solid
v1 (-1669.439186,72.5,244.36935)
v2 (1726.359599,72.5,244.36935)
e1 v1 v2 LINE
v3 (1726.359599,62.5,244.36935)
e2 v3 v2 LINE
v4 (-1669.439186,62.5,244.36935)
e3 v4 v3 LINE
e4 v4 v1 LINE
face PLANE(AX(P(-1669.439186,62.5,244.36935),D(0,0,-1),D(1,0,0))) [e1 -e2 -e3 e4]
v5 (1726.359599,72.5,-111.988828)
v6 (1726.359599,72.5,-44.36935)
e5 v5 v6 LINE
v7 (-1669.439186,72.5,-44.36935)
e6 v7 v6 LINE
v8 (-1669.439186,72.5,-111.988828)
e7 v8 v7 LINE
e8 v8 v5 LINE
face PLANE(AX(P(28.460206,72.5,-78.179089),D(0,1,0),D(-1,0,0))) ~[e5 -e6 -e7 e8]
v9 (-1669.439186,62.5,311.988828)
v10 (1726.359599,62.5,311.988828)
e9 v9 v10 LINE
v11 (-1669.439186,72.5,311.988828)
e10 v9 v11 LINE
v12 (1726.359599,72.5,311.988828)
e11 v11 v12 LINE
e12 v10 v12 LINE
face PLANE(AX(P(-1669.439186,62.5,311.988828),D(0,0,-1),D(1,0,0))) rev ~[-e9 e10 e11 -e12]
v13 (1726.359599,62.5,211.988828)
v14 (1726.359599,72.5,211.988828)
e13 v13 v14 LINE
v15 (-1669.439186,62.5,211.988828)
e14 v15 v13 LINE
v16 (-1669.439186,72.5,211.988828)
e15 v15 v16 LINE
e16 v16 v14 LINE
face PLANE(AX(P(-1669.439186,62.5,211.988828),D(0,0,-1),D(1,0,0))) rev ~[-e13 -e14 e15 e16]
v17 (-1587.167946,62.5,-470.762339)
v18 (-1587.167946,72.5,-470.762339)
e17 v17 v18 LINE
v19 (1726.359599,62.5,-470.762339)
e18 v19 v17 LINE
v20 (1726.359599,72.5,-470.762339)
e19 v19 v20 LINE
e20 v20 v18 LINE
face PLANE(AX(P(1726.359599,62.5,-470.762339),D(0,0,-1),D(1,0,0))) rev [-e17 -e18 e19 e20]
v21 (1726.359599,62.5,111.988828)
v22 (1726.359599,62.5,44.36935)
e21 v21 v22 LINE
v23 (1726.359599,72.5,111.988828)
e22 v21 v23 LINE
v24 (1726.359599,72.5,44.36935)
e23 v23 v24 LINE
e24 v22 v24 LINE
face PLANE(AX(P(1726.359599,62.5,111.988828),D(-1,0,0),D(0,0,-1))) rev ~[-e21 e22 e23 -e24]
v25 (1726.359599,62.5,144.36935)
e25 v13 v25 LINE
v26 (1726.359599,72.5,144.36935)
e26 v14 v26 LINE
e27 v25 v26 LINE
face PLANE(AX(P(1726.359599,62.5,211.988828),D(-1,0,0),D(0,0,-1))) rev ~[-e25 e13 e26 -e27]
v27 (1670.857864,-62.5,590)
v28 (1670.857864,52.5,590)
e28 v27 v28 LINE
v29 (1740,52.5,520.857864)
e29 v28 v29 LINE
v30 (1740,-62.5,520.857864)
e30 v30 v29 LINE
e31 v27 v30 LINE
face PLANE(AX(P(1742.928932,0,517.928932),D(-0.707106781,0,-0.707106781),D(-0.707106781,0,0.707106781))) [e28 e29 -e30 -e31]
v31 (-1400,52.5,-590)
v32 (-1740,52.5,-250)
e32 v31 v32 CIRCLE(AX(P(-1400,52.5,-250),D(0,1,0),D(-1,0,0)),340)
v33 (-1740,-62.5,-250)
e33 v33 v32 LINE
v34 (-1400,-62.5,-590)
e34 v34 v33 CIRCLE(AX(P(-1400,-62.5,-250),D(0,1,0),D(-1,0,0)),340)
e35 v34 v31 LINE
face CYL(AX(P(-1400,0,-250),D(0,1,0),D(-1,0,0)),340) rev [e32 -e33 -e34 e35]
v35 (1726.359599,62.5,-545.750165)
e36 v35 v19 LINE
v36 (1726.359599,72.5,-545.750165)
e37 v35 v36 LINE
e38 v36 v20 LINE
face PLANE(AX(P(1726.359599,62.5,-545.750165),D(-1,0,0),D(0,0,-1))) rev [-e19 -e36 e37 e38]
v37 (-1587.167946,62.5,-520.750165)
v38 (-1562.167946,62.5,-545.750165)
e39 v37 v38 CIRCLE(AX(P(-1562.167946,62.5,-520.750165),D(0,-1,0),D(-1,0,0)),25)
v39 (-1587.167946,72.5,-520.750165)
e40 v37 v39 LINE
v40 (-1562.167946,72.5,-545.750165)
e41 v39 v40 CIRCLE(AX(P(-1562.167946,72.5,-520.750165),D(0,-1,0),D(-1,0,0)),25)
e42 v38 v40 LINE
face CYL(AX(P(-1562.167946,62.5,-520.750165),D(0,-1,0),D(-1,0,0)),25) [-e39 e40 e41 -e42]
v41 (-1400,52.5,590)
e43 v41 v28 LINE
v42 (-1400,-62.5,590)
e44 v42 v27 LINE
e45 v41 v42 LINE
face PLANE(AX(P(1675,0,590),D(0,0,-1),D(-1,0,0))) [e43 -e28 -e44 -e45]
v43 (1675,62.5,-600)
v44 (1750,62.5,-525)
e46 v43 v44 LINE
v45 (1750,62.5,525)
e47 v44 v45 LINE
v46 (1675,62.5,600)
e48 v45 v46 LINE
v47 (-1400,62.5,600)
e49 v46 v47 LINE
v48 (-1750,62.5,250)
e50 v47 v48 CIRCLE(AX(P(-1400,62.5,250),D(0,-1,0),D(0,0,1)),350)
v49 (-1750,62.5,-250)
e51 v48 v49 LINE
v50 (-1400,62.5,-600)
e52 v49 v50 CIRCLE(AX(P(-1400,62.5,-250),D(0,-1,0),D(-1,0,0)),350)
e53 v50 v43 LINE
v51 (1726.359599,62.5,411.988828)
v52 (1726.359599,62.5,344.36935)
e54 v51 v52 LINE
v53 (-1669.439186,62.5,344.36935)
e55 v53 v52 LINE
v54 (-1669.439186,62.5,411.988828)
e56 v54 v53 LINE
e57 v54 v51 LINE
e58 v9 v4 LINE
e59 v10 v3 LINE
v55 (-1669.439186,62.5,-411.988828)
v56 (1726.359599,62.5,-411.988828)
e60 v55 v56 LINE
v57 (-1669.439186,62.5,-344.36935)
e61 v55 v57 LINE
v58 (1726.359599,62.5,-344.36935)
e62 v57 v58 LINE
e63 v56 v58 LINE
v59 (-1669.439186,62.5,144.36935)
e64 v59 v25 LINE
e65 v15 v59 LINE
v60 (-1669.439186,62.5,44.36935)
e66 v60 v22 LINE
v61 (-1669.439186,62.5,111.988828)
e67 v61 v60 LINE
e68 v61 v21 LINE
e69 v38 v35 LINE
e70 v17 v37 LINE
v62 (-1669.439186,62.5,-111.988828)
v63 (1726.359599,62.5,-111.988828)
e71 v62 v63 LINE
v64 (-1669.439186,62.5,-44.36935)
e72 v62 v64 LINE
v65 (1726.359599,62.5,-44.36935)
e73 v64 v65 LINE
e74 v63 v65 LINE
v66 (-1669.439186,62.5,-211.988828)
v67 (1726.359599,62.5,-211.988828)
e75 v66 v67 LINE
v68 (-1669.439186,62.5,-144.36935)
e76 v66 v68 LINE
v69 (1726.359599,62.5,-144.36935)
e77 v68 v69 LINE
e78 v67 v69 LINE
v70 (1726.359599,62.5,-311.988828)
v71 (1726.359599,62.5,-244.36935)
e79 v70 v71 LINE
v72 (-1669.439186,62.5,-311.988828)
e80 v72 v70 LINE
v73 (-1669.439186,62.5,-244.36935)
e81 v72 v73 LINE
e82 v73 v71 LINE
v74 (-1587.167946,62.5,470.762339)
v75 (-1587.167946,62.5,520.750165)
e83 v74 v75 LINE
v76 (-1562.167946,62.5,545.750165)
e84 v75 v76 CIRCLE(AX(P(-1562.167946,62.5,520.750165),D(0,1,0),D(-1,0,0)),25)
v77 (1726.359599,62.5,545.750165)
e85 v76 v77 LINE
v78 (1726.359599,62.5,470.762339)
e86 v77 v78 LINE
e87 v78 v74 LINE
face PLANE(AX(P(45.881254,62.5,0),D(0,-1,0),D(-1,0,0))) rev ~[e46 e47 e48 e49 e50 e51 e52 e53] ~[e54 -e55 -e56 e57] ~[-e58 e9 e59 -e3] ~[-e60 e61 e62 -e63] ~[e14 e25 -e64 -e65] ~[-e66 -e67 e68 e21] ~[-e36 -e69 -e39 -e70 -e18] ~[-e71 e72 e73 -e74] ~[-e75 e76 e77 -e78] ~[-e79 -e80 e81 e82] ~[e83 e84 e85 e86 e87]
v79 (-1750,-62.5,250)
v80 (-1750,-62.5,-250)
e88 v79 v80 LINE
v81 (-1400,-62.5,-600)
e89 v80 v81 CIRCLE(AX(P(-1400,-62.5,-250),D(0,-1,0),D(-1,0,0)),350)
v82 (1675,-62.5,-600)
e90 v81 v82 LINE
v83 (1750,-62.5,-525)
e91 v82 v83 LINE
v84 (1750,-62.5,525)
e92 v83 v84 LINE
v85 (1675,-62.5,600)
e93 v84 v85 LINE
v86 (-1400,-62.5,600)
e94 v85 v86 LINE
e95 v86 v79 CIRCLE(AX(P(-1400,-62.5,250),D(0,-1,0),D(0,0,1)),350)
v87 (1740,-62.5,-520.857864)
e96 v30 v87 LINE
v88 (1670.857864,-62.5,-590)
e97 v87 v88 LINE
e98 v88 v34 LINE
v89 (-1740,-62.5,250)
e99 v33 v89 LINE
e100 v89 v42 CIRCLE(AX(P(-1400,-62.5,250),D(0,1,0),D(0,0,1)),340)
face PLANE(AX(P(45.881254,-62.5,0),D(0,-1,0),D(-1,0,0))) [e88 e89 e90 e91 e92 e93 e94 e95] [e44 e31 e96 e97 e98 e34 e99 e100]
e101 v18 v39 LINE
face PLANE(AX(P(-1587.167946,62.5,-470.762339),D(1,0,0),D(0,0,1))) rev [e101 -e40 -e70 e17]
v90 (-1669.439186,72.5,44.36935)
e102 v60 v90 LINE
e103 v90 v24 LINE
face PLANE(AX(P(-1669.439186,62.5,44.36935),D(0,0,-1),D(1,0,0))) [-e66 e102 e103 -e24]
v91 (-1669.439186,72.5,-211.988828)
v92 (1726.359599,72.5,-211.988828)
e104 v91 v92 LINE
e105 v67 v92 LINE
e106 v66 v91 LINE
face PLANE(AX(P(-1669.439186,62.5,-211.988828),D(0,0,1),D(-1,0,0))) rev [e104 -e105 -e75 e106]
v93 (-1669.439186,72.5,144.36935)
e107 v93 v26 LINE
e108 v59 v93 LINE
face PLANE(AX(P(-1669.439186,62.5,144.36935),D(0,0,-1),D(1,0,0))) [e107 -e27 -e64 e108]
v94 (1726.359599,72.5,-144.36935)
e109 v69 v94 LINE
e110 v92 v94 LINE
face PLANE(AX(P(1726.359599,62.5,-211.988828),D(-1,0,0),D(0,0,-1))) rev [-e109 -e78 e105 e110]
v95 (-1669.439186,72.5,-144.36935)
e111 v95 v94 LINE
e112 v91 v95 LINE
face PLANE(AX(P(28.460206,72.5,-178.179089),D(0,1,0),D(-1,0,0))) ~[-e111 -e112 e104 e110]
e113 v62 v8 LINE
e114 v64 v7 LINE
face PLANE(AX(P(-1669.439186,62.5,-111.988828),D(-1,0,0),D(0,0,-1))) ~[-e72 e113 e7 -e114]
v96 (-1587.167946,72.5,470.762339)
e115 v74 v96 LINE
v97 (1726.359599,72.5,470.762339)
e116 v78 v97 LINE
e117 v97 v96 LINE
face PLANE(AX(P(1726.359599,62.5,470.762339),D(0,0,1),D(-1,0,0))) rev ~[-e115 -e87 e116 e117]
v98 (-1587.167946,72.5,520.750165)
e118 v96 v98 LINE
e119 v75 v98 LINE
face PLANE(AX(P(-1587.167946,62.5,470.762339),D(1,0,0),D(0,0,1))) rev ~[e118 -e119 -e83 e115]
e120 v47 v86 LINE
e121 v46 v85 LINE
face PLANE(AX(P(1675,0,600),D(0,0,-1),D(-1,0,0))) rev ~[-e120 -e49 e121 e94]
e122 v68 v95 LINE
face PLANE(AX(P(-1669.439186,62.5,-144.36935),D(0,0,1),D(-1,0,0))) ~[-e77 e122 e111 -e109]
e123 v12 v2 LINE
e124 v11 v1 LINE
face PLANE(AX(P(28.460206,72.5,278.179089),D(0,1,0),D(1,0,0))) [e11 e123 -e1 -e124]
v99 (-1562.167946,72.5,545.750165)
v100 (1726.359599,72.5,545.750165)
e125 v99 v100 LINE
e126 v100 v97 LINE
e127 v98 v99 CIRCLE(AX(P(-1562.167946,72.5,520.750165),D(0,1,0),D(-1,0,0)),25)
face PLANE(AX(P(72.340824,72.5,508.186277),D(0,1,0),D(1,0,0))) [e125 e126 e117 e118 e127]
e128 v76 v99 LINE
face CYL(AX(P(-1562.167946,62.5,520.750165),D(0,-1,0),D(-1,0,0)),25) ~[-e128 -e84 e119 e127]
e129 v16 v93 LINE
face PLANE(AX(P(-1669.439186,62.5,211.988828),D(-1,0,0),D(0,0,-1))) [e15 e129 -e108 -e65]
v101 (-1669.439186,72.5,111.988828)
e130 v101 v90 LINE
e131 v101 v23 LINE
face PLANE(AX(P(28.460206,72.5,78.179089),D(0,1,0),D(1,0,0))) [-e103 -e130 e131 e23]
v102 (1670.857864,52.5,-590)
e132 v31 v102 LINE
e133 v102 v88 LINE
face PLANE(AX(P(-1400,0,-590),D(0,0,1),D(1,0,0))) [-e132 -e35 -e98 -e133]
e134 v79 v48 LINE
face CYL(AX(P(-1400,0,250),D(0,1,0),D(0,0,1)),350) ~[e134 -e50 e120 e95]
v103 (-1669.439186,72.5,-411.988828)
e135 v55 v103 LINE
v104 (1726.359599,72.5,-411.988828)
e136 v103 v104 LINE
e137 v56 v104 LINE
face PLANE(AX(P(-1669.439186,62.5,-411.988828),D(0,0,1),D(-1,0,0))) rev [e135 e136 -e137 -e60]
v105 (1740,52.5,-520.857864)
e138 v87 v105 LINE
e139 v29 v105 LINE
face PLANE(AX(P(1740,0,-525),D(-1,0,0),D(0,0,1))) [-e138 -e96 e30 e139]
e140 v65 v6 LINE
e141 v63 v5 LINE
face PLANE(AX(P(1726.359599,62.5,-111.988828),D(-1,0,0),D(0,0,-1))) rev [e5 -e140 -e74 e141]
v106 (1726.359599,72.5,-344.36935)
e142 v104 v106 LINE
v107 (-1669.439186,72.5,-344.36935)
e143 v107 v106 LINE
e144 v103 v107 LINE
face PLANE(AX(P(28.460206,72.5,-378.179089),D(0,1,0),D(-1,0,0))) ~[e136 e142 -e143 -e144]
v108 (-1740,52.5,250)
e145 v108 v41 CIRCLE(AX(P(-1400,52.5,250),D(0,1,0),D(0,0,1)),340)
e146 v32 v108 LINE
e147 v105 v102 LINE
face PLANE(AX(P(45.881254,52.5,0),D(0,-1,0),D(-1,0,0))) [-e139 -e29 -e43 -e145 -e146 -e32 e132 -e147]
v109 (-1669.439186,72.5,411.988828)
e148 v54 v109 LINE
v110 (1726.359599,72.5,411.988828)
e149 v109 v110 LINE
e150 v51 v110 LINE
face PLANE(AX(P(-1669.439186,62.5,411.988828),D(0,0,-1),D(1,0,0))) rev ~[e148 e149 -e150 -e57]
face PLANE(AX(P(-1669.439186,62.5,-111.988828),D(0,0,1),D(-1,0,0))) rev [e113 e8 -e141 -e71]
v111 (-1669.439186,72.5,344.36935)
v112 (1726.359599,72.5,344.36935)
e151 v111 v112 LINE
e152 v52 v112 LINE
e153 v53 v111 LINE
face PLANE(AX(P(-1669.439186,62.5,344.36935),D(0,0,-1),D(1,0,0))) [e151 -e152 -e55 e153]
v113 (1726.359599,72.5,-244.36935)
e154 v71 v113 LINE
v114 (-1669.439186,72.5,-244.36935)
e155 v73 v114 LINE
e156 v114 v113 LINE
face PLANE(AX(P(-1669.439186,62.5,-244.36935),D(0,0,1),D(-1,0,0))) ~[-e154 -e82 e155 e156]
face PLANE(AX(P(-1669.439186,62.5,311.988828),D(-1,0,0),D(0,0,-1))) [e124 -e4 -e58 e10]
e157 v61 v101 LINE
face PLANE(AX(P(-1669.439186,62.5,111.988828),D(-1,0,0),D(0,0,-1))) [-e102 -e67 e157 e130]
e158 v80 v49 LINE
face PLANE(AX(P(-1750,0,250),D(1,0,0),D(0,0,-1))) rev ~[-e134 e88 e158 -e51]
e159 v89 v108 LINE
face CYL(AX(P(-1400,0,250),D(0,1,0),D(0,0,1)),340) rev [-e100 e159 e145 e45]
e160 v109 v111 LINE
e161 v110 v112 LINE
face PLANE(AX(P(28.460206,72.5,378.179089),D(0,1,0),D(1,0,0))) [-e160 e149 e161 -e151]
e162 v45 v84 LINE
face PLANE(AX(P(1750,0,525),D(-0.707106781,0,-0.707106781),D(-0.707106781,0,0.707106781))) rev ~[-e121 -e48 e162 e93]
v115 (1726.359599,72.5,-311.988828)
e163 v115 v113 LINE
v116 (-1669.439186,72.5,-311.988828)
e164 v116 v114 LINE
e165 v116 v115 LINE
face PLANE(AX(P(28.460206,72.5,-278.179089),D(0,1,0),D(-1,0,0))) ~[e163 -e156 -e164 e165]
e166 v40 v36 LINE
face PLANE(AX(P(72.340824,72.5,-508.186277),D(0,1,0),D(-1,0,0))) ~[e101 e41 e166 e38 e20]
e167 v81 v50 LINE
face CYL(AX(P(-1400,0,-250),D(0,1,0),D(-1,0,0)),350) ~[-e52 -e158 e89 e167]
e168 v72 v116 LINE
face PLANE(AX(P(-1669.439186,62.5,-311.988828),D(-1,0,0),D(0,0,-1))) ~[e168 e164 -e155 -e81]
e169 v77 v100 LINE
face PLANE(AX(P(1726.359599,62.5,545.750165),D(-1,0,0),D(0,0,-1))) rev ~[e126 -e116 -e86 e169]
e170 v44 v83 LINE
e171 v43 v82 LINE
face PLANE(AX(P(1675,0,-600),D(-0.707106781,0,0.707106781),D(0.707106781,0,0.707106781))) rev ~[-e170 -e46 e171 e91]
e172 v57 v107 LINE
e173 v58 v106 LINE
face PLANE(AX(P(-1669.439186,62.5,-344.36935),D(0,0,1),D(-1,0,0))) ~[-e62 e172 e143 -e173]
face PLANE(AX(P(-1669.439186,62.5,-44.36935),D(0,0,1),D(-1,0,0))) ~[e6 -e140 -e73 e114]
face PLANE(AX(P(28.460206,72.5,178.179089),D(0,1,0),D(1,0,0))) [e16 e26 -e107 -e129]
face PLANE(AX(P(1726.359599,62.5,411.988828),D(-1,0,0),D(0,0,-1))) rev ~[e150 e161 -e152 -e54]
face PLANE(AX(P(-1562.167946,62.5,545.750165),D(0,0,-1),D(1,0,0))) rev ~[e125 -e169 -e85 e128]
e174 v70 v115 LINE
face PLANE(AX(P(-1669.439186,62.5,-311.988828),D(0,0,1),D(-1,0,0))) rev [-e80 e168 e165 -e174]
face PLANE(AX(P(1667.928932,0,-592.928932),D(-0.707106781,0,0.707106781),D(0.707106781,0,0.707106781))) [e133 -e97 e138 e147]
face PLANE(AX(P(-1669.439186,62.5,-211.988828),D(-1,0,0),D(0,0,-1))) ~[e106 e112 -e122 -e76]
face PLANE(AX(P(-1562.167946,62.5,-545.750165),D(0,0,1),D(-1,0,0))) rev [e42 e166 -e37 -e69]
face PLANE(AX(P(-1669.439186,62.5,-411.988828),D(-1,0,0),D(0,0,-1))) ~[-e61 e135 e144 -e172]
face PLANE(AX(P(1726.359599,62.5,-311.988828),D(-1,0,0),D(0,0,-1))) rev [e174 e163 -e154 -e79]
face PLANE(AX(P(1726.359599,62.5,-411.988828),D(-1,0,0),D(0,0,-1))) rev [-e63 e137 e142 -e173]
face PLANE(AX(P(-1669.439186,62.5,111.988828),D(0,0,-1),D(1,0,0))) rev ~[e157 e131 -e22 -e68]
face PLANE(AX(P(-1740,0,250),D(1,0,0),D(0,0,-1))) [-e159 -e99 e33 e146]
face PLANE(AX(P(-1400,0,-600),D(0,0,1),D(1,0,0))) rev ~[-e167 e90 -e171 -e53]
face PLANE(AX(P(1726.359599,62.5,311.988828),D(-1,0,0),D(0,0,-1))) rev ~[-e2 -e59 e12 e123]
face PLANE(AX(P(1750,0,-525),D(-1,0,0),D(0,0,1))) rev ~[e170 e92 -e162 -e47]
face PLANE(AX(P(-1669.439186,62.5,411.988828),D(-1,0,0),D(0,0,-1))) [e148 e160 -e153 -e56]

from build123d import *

# Parameters (mm, degrees)
BOSS_EXTRUDE1_DEPTH = 62.5
SHELL1_T            = -10
SKETCH2_W           = 3395.798784502
SKETCH2_H           = 67.61947807
BOSS_EXTRUDE2_DEPTH = 10


with BuildPart() as part:
    # Sketch1 → Boss-Extrude1 (new, symmetric)
    with BuildSketch(Plane(origin=(0, 0, 0), x_dir=(1, 0, 0), z_dir=(0, 1, 0))):
        with BuildLine():
            Line((-1400, 600), (1675, 600))
            Line((1675, 600), (1750, 525))
            Line((1750, 525), (1750, -525))
            Line((1750, -525), (1675, -600))
            Line((1675, -600), (-1400, -600))
            ThreePointArc((-1400, -600), (-1647.487373415, -497.487373415), (-1750, -250))
            Line((-1750, -250), (-1750, 250))
            ThreePointArc((-1750, 250), (-1647.487373415, 497.487373415), (-1400, 600))
        make_face()
    extrude(amount=BOSS_EXTRUDE1_DEPTH, both=True)

    # Shell1
    shell1_openings = [part.faces().sort_by_distance(p)[0] for p in [
        (18.879959891, -62.5, 0),
    ]]
    offset(amount=SHELL1_T, openings=shell1_openings, kind=Kind.INTERSECTION)

    # Sketch2 → Boss-Extrude2 (add)
    with BuildSketch(Plane(origin=(0, 62.5, 0), x_dir=(1, 0, 0), z_dir=(0, 1, 0))):
        with Locations((28.460206267, -278.179088726)):
            Rectangle(SKETCH2_W, SKETCH2_H)
        with BuildLine():
            Line((-1562.167945827, -545.750164928), (1726.359598518, -545.750164928))
            Line((1726.359598518, -545.750164928), (1726.359598518, -470.762339089))
            Line((1726.359598518, -470.762339089), (-1587.167945827, -470.762339089))
            Line((-1587.167945827, -470.762339089), (-1587.167945827, -520.750164928))
            ThreePointArc((-1587.167945827, -520.750164928), (-1579.845615357, -538.427834457), (-1562.167945827, -545.750164928))
        make_face()
        with Locations((28.460206267, -378.179088726)):
            Rectangle(SKETCH2_W, SKETCH2_H)
        with Locations((28.460206267, -178.179088726)):
            Rectangle(SKETCH2_W, SKETCH2_H)
        with Locations((28.460206267, -78.179088726)):
            Rectangle(SKETCH2_W, SKETCH2_H)
    boss_extrude2 = extrude(amount=BOSS_EXTRUDE2_DEPTH)

    # Mirror1: Boss-Extrude2 across plane
    add(boss_extrude2.mirror(Plane.XY))


solid = part.part
